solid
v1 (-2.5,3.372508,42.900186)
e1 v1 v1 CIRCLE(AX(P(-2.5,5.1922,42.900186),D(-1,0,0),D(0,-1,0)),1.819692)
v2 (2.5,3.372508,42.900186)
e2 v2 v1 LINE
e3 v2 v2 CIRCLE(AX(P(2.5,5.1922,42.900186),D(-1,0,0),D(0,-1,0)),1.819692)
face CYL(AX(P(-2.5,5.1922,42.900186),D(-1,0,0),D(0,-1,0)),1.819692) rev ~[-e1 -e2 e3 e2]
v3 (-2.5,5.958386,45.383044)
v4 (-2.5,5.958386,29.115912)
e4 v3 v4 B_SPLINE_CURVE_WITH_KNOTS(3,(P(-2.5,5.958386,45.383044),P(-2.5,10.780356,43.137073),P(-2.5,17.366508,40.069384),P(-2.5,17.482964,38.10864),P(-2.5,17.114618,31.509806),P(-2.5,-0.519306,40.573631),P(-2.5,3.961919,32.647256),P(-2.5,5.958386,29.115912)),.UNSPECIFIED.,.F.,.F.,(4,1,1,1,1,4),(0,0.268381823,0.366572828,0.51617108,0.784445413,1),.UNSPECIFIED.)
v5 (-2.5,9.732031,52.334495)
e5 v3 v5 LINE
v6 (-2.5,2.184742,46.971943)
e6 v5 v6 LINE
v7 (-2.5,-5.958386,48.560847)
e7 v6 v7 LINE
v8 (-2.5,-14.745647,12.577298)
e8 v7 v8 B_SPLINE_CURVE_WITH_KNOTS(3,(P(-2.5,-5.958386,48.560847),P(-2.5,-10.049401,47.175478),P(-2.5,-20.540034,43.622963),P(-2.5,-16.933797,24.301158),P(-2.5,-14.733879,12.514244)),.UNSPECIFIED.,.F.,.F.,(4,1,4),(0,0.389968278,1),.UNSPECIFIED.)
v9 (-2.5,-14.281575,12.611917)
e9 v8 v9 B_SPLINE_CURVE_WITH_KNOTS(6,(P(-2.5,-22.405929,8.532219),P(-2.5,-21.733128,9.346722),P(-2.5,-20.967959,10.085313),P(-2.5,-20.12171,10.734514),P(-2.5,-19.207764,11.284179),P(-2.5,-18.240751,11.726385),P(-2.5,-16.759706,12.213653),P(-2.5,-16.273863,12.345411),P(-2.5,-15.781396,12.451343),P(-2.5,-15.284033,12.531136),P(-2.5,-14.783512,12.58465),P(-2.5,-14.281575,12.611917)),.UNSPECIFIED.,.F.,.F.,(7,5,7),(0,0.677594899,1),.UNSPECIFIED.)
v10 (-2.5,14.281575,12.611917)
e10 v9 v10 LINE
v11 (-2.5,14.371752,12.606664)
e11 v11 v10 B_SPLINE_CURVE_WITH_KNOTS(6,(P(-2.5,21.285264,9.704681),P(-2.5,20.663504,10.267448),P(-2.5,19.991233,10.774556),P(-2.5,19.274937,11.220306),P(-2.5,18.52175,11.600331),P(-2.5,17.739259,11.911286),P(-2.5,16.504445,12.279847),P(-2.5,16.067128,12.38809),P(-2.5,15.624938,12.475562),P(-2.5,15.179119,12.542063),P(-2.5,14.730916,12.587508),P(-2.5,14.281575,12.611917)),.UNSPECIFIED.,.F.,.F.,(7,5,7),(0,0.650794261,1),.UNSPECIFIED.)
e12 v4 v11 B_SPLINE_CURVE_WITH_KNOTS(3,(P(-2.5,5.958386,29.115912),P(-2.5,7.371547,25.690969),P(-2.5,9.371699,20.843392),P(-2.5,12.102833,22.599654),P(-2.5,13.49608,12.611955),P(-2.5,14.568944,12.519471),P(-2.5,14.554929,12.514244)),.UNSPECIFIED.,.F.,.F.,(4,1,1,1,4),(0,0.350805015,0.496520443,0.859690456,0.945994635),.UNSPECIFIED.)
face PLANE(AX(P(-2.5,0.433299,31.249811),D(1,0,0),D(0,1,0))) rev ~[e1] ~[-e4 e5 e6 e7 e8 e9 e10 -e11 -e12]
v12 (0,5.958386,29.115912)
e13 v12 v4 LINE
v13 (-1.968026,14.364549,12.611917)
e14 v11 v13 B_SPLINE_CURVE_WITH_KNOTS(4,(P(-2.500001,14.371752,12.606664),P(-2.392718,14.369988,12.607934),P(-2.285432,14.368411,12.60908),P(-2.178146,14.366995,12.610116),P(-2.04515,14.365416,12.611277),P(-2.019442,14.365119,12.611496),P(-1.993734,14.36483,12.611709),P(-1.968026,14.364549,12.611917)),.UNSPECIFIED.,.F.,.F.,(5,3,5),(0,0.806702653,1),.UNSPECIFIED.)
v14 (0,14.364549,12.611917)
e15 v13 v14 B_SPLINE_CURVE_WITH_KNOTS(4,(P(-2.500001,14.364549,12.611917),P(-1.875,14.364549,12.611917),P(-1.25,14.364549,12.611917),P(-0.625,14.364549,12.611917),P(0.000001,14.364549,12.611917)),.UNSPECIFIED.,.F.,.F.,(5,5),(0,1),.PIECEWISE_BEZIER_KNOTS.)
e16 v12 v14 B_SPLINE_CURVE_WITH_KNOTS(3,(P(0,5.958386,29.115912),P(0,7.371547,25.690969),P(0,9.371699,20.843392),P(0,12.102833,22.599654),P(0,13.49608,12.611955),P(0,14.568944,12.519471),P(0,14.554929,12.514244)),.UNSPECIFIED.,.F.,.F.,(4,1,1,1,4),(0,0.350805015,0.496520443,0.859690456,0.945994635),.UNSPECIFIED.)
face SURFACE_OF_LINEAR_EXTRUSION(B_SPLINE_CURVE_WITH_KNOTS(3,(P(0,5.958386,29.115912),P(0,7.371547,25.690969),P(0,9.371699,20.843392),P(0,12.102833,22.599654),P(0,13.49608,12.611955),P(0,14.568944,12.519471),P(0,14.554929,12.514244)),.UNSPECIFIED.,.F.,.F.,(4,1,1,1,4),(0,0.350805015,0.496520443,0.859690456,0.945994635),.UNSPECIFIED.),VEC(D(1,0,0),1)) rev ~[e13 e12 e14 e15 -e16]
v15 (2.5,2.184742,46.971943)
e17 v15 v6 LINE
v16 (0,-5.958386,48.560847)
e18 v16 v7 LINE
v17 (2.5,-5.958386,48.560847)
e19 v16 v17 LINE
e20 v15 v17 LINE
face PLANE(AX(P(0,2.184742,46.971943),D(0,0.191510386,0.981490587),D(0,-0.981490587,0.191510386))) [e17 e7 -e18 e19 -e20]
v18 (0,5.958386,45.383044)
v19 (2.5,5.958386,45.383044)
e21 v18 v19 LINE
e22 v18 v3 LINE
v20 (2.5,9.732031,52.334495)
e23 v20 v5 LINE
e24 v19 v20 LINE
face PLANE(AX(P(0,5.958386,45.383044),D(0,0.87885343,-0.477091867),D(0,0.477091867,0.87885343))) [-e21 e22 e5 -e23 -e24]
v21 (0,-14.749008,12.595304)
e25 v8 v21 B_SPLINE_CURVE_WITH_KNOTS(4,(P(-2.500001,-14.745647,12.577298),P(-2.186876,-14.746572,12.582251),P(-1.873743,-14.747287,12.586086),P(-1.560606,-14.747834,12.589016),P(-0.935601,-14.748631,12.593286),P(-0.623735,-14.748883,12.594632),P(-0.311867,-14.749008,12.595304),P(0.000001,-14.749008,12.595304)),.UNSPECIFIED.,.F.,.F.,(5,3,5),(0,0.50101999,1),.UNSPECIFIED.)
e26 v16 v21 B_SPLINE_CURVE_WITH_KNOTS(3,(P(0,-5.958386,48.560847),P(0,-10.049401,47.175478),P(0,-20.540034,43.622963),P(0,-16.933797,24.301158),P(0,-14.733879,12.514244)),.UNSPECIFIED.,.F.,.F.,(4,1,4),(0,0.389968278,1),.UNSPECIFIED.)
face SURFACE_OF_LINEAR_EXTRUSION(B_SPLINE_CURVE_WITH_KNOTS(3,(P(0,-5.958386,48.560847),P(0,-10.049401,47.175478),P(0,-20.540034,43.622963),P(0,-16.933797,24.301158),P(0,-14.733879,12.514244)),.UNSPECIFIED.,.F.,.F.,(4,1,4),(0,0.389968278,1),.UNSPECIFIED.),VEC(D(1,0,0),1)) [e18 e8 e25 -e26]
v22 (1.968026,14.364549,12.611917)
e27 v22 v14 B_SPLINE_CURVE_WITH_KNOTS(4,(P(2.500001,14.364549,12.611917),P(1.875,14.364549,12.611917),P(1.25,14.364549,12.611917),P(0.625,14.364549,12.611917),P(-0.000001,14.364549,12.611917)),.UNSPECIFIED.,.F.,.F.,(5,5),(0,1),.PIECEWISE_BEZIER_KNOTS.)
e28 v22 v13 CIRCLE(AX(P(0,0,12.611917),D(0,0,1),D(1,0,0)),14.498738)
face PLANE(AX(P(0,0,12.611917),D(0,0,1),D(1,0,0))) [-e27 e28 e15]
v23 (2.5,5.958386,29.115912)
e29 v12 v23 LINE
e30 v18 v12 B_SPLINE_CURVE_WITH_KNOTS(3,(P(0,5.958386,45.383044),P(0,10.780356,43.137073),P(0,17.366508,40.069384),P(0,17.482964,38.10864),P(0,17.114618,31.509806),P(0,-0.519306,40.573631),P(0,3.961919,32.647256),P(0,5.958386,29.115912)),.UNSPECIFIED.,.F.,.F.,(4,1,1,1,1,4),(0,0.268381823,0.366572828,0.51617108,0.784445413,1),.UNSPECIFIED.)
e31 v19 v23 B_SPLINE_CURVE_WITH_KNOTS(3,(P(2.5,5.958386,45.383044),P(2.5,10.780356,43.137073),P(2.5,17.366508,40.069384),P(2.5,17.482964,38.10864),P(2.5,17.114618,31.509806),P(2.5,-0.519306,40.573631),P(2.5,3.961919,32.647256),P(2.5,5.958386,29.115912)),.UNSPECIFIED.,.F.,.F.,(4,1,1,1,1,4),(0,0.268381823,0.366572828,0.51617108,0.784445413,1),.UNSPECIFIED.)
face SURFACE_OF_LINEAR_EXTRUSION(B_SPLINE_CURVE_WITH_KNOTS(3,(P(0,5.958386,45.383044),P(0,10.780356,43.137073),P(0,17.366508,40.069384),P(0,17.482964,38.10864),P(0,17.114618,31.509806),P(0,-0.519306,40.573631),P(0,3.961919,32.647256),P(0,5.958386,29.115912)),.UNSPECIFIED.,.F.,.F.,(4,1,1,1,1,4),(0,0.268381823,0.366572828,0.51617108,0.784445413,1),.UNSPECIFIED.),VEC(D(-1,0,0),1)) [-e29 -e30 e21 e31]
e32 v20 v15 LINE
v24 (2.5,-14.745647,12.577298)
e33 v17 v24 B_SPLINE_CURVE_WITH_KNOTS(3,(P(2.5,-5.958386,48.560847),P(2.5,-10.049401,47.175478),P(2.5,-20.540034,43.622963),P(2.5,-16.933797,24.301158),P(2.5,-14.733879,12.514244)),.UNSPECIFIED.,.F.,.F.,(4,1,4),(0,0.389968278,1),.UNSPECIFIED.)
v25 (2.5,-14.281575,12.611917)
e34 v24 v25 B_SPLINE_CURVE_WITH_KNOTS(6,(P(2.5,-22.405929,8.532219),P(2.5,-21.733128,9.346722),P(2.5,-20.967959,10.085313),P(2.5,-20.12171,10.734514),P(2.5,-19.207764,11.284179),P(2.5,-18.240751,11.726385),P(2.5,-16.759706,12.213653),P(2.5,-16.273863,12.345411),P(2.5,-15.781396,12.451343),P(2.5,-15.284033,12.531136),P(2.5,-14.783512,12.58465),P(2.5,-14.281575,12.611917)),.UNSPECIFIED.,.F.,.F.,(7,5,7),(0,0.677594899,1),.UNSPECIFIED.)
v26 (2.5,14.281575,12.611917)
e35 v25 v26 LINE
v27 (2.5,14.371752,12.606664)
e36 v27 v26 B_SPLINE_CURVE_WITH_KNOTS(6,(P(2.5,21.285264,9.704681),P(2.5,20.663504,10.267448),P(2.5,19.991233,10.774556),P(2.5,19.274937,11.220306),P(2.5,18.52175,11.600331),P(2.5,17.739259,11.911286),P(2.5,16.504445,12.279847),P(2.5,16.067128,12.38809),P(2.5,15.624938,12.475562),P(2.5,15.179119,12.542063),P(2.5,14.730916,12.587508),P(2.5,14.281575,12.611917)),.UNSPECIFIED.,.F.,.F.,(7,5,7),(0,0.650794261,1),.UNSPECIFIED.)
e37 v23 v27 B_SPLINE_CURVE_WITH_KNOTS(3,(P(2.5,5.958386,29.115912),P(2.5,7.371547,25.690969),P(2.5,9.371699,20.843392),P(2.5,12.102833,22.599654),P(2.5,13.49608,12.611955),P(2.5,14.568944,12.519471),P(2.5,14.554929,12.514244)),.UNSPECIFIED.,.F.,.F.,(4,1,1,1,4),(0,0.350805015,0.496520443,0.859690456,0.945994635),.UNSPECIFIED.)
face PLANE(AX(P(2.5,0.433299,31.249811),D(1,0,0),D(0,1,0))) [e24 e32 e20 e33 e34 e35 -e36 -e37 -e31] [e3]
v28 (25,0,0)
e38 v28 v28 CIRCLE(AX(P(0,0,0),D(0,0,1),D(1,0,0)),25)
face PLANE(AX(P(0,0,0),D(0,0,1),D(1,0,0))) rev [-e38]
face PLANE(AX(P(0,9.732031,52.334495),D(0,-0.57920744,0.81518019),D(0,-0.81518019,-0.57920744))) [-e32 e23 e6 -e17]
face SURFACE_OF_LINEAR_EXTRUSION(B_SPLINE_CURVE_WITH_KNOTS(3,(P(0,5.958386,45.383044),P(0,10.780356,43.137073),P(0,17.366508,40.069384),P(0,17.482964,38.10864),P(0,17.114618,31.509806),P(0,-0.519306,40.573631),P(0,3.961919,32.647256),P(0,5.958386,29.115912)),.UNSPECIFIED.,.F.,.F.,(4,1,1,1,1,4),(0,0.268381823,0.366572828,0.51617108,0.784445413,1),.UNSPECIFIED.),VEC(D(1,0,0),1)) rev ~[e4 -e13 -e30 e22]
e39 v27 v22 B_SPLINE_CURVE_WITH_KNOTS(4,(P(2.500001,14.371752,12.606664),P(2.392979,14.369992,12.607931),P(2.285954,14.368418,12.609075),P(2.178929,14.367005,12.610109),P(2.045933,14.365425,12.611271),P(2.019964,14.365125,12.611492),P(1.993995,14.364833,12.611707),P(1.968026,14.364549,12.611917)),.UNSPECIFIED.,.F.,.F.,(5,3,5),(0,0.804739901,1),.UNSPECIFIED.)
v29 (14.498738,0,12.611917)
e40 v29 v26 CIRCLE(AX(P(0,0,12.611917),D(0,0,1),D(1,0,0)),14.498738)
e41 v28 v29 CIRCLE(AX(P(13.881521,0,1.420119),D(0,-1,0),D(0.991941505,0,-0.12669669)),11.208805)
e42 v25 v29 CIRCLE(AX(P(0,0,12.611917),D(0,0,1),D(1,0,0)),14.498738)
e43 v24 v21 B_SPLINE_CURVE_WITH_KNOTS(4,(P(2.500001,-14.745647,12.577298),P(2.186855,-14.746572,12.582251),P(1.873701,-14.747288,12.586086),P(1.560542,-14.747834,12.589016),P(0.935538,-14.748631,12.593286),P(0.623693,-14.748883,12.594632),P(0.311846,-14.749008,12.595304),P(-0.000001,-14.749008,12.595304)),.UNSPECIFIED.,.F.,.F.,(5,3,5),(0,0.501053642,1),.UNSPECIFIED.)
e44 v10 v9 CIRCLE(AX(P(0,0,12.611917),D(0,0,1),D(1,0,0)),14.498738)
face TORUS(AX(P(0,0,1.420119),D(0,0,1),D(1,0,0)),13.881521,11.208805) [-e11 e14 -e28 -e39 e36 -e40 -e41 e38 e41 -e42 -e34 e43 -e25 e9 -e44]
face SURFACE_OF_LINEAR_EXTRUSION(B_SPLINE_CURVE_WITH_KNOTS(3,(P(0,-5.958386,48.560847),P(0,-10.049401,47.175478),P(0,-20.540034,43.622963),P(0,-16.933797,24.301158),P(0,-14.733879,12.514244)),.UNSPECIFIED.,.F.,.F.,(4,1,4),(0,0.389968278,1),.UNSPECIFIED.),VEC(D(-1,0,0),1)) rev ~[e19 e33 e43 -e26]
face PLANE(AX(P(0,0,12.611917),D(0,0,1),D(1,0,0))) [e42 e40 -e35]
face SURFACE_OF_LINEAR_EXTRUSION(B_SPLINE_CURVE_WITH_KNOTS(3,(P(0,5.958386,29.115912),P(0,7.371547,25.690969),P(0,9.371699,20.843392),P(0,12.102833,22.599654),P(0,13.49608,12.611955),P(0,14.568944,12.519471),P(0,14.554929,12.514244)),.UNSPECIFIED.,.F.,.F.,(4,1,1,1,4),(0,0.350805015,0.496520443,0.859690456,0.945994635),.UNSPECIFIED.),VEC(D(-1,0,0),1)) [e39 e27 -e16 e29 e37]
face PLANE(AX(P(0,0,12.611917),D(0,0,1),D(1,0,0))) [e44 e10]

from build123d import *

# Parameters (mm, degrees)
F3_DEPTH = 2.5
F4_R     = 1.8196916791
F5_DEPTH = 12.5


with BuildPart() as f1:
    # F0 (on Front) → F1 (revolve)
    with BuildSketch(Plane.XZ):
        with BuildLine():
            Line((0, 12.6119172201), (0, 0))
            Line((0, 0), (25, 0))
            ThreePointArc((25, 0), (22.4952746146, 8.5923260716), (14.4987376407, 12.6119172201))
            Line((14.4987376407, 12.6119172201), (0, 12.6119172201))
        make_face()
    revolve(axis=Axis((0, 0, 6.4052655362), (0, 0, 1)))

    # F2 (on Right) → F3 (join, symmetric)
    with BuildSketch(Plane.YZ):
        with BuildLine():
            Line((2.1847422576, 46.9719432423), (-5.9583863368, 48.5608466098))
            add(Edge.make_bspline(
                [(-5.9583863368, 48.5608466098), (-10.0494005511, 47.1754783535), (-20.5400337185, 43.6229630605), (-16.933797457, 24.3011579967), (-14.7338788979, 12.5142439035)],
                knots=[0, 0, 0, 0, 0.3899682781, 1, 1, 1, 1], degree=3))
            Line((-14.7338788979, 12.5142439035), (14.3563159969, 12.5142439035))
            Line((14.3563159969, 12.5142439035), (14.5549291134, 12.5142439035))
            add(Edge.make_bspline(
                [(5.9583861939, 29.1159117124), (7.3715471144, 25.6909691113), (9.3716990081, 20.8433924381), (12.1028325627, 22.5996535769), (13.4960797579, 12.6119545714), (14.5689436565, 12.5194712617), (14.5549291134, 12.5142439035)],
                knots=[0, 0, 0, 0, 0.3508050155, 0.4965204434, 0.8596904558, 0.9459946347, 0.9459946347, 0.9459946347, 0.9459946347], degree=3))
            add(Edge.make_bspline(
                [(5.9583861939, 45.3830437264), (10.7803563989, 43.1370729353), (17.3665075442, 40.0693841839), (17.482964474, 38.1086396633), (17.1146182218, 31.5098055074), (-0.5193064524, 40.5736312242), (3.9619187914, 32.6472561057), (5.9583861939, 29.1159117124)],
                knots=[0, 0, 0, 0, 0.2683818231, 0.3665728282, 0.5161710799, 0.7844454132, 1, 1, 1, 1], degree=3))
            Line((5.9583861939, 45.3830437264), (9.7320311578, 52.3344949017))
            Line((9.7320311578, 52.3344949017), (2.1847422576, 46.9719432423))
        make_face()
    extrude(amount=F3_DEPTH, both=True)

    # F4 (on face) → F5 (cut, symmetric)
    with BuildSketch(Plane(origin=(-2.5, 0, 0), x_dir=(0, -1, 0), z_dir=(-1, 0, 0))):
        with Locations((-5.1921997219, 42.9001860321)):
            Circle(F4_R)
    extrude(amount=F5_DEPTH, both=True, mode=Mode.SUBTRACT)


solid = f1.part
